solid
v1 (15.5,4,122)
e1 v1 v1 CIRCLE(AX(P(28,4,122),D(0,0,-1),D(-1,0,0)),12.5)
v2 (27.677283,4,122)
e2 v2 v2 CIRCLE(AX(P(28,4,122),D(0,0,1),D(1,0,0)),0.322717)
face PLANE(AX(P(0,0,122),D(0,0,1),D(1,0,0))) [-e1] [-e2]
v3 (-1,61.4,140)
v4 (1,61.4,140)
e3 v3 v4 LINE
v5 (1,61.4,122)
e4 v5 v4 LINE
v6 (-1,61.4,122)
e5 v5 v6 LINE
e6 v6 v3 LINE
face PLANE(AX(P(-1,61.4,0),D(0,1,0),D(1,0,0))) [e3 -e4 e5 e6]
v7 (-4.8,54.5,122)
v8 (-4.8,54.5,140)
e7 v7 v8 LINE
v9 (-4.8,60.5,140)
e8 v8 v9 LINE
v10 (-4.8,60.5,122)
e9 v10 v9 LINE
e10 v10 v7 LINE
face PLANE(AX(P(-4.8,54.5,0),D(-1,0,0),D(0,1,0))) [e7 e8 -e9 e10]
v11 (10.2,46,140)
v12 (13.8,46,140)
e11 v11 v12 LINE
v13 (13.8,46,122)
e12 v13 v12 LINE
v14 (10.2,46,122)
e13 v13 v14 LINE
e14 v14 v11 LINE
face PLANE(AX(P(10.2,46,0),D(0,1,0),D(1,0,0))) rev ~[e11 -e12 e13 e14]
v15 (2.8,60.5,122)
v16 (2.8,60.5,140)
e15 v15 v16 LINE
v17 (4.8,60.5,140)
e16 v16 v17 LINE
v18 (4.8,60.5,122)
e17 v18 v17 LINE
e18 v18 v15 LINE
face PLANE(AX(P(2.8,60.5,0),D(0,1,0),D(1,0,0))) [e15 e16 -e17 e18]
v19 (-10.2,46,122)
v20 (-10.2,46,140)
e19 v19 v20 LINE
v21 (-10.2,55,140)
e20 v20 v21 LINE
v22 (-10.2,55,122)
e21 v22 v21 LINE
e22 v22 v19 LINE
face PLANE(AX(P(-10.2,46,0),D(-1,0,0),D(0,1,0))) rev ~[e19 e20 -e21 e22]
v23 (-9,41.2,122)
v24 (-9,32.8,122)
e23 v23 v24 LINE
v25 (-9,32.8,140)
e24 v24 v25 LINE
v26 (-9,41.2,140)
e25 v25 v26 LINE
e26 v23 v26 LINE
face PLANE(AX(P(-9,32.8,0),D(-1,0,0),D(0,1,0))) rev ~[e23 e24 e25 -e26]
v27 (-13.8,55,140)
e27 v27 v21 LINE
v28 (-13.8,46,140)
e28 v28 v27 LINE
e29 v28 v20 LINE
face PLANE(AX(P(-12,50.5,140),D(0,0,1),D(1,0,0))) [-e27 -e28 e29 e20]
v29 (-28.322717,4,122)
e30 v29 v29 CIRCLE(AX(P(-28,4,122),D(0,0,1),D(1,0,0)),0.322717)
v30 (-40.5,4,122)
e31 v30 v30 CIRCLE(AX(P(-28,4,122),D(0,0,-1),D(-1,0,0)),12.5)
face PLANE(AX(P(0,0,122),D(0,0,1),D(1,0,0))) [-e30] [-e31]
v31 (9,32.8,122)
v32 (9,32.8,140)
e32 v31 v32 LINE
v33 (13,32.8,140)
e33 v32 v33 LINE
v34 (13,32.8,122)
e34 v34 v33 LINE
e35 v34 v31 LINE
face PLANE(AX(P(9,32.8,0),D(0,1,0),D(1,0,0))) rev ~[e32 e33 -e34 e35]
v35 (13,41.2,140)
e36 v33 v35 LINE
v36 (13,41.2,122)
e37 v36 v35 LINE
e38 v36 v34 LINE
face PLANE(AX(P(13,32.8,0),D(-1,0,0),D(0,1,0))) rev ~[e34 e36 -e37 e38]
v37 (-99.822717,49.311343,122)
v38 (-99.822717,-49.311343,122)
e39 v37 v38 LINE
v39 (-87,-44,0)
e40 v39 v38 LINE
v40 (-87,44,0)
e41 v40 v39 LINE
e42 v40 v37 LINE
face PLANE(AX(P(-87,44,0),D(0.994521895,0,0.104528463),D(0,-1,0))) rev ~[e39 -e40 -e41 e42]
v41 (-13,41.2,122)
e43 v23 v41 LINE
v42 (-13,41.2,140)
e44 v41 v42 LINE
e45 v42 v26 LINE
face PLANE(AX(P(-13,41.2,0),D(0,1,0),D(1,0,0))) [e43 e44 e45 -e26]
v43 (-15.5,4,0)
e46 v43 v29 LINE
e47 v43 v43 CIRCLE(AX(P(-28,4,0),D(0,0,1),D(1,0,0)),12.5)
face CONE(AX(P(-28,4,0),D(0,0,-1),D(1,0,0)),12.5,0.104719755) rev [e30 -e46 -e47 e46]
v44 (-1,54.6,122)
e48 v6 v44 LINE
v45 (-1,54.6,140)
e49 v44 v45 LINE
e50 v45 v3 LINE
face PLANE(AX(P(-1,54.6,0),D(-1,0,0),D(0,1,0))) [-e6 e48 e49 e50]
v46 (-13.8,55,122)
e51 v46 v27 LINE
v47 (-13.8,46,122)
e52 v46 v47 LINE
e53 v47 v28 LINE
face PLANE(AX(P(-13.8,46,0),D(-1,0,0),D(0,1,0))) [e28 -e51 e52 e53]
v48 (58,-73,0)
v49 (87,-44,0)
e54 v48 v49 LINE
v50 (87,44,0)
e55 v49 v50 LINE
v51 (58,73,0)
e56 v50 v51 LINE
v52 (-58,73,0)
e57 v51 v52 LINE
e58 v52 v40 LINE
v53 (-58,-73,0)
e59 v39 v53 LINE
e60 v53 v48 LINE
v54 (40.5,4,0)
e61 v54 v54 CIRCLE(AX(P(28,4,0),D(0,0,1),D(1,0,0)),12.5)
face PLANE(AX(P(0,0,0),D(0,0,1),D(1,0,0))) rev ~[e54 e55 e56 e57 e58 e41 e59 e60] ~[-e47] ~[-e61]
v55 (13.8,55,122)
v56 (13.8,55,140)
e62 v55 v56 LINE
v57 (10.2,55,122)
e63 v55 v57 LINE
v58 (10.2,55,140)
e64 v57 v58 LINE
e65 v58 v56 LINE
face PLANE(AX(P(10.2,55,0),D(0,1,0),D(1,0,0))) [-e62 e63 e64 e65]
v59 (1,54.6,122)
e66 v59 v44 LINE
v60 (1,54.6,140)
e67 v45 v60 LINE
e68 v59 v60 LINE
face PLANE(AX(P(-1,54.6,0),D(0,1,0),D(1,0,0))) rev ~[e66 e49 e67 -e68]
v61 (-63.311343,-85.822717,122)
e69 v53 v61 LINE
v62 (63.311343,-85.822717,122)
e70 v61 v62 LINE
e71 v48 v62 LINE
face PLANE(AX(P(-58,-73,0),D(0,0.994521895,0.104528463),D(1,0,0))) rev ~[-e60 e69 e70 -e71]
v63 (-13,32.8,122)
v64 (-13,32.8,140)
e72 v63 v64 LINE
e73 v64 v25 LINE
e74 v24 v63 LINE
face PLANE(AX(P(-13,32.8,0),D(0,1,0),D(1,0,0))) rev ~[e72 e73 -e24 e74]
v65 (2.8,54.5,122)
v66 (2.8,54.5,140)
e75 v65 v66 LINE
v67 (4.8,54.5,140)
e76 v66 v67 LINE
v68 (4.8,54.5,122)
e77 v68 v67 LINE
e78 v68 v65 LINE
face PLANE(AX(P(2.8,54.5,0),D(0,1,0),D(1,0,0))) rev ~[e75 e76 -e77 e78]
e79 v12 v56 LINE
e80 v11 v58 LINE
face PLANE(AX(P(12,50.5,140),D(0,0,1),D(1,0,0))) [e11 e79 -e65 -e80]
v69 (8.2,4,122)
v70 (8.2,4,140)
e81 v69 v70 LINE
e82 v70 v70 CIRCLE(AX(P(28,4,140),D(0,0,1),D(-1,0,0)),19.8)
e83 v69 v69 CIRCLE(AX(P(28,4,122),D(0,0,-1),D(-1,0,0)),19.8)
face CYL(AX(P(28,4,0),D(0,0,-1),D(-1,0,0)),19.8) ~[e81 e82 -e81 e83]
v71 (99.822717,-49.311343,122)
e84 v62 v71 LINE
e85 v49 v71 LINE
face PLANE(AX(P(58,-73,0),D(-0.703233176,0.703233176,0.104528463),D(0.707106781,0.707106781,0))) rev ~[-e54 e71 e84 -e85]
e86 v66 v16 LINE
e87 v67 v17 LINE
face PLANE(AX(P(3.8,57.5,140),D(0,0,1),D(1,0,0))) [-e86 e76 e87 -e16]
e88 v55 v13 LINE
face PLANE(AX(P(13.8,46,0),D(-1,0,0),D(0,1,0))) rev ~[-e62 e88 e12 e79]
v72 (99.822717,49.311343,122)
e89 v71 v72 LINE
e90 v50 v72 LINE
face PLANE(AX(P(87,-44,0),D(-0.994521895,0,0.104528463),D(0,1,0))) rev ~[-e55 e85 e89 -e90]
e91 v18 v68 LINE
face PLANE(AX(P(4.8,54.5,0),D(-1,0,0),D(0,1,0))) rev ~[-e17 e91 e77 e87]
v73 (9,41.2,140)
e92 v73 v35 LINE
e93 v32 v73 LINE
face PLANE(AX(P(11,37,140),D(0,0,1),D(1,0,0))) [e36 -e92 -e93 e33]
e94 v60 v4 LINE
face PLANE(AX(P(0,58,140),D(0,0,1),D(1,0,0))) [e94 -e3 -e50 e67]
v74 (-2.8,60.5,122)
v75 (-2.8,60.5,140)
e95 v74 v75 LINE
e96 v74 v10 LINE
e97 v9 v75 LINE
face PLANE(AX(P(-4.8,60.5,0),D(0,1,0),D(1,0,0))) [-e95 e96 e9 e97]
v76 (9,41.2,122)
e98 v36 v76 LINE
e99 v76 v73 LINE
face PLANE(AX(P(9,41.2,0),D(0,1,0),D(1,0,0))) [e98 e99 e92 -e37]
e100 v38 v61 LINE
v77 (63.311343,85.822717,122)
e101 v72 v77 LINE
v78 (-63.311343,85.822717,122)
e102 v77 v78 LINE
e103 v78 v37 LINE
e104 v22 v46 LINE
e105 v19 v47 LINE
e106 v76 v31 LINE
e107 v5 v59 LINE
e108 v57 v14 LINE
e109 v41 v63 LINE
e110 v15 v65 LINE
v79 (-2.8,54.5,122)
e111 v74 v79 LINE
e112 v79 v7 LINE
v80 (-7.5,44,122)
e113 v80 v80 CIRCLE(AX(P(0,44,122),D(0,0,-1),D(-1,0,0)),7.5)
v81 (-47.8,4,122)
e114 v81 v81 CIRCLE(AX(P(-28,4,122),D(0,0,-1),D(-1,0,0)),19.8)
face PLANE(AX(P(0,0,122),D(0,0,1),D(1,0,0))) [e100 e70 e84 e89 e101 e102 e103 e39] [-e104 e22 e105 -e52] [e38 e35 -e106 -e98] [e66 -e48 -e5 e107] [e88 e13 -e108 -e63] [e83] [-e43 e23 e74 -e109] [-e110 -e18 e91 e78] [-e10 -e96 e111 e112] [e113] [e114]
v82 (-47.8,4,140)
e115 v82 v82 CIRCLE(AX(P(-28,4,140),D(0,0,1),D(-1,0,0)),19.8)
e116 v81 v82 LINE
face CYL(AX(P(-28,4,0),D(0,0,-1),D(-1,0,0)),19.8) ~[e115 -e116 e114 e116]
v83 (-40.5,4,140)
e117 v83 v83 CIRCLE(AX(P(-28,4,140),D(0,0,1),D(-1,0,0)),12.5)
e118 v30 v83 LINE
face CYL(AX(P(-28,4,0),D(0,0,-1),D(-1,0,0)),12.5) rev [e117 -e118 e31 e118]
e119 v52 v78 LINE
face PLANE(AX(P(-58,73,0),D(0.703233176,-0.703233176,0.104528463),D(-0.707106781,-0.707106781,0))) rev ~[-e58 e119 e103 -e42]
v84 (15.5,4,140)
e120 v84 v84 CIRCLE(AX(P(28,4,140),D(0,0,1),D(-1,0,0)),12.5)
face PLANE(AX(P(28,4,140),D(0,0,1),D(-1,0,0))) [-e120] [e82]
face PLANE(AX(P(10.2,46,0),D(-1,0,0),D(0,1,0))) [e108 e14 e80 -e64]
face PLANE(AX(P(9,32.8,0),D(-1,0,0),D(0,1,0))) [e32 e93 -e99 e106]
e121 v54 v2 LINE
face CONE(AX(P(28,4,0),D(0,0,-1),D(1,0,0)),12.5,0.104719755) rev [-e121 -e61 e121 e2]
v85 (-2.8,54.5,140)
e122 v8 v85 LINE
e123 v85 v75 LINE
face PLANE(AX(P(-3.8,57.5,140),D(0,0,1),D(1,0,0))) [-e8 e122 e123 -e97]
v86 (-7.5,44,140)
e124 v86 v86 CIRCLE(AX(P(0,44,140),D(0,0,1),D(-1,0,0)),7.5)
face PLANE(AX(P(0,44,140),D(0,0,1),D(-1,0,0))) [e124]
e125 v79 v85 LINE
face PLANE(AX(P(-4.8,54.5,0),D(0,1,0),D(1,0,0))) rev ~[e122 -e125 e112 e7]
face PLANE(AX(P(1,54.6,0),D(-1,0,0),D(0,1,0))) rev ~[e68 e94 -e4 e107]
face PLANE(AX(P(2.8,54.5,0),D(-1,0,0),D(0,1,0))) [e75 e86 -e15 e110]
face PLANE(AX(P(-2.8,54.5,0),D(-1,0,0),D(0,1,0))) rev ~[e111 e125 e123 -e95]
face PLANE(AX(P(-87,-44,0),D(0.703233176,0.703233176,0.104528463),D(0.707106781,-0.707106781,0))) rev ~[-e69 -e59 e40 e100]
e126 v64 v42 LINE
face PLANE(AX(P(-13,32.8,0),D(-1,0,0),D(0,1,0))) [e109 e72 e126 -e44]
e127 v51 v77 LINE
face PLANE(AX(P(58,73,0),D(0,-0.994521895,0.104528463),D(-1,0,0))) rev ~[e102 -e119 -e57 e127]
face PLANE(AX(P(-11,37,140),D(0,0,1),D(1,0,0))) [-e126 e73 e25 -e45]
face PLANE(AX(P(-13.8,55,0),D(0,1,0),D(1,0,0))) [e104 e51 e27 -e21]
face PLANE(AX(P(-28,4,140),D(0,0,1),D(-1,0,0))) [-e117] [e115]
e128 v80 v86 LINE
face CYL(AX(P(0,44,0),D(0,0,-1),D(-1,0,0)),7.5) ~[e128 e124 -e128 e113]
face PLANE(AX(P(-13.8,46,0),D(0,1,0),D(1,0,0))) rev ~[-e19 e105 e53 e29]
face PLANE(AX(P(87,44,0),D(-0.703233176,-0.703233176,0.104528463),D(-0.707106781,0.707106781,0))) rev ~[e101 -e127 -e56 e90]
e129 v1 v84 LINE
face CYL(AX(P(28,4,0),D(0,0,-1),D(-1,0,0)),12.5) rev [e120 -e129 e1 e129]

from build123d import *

# Parameters (mm, degrees)
SKETCH1_R           = 12.5
BOSS_EXTRUDE1_DEPTH = 122
BOSS_EXTRUDE1_DRAFT = -6
SKETCH2_R           = 19.8
SKETCH2_R_2         = 12.5
SKETCH2_R_3         = 7.5
SKETCH2_W           = 2
SKETCH2_H           = 6
SKETCH2_H_2         = 6.8
SKETCH2_W_2         = 3.6
SKETCH2_H_3         = 9
SKETCH2_W_3         = 4
SKETCH2_H_4         = 8.4
BOSS_EXTRUDE2_DEPTH = 140


with BuildPart() as part:
    # Sketch1 → Boss-Extrude1 (with draft: the straight prism first)
    with BuildSketch(Plane.XY):
        Polygon((-58, 73), (-87, 44), (-87, -44), (-58, -73), (58, -73), (87, -44), (87, 44), (58, 73), align=None)
        with Locations((-28, 4)):
            Circle(SKETCH1_R, mode=Mode.SUBTRACT)
        with Locations((28, 4)):
            Circle(SKETCH1_R, mode=Mode.SUBTRACT)
    extrude(amount=BOSS_EXTRUDE1_DEPTH)
    # Boss-Extrude1: the draft: its side faces are tilted about the plane it starts from
    boss_extrude1_sides = [part.faces().sort_by_distance(p)[0] for p in [
        (-72.5, 58.5, 61),
        (-87, 0, 61),
        (-72.5, -58.5, 61),
        (0, -73, 61),
        (72.5, -58.5, 61),
        (87, 0, 61),
        (72.5, 58.5, 61),
        (0, 73, 61),
        (-40.5, 4, 61),
        (15.5, 4, 61),
    ]]
    draft(boss_extrude1_sides, Plane.XY, BOSS_EXTRUDE1_DRAFT)

    # Sketch2 → Boss-Extrude2 (add)
    # profile 1 of 10: a face of its own
    with BuildSketch(Plane.XY):
        with Locations(Location((-28, 4, 0), (0, 0, 180))):
            Circle(SKETCH2_R)
        with Locations(Location((-28, 4, 0), (0, 0, 180))):
            Circle(SKETCH2_R_2, mode=Mode.SUBTRACT)
    # profile 2 of 10: a face of its own
    with BuildSketch(Plane.XY):
        with Locations(Location((28, 4, 0), (0, 0, 180))):
            Circle(SKETCH2_R)
        with Locations(Location((28, 4, 0), (0, 0, 180))):
            Circle(SKETCH2_R_2, mode=Mode.SUBTRACT)
    # profile 3 of 10: a face of its own
    with BuildSketch(Plane.XY):
        with Locations(Location((0, 44, 0), (0, 0, 180))):
            Circle(SKETCH2_R_3)
    # profile 4 of 10: a face of its own
    with BuildSketch(Plane.XY):
        with Locations((-3.8, 57.5)):
            Rectangle(SKETCH2_W, SKETCH2_H)
    # profile 5 of 10: a face of its own
    with BuildSketch(Plane.XY):
        with Locations((0, 58)):
            Rectangle(SKETCH2_W, SKETCH2_H_2)
    # profile 6 of 10: a face of its own
    with BuildSketch(Plane.XY):
        with Locations((3.8, 57.5)):
            Rectangle(SKETCH2_W, SKETCH2_H)
    # profile 7 of 10: a face of its own
    with BuildSketch(Plane.XY):
        with Locations((-12, 50.5)):
            Rectangle(SKETCH2_W_2, SKETCH2_H_3)
    # profile 8 of 10: a face of its own
    with BuildSketch(Plane.XY):
        with Locations((12, 50.5)):
            Rectangle(SKETCH2_W_2, SKETCH2_H_3)
    # profile 9 of 10: a face of its own
    with BuildSketch(Plane.XY):
        with Locations((-11, 37)):
            Rectangle(SKETCH2_W_3, SKETCH2_H_4)
    # profile 10 of 10: a face of its own
    with BuildSketch(Plane.XY):
        with Locations((11, 37)):
            Rectangle(SKETCH2_W_3, SKETCH2_H_4)
    extrude(amount=BOSS_EXTRUDE2_DEPTH)


solid = part.part
